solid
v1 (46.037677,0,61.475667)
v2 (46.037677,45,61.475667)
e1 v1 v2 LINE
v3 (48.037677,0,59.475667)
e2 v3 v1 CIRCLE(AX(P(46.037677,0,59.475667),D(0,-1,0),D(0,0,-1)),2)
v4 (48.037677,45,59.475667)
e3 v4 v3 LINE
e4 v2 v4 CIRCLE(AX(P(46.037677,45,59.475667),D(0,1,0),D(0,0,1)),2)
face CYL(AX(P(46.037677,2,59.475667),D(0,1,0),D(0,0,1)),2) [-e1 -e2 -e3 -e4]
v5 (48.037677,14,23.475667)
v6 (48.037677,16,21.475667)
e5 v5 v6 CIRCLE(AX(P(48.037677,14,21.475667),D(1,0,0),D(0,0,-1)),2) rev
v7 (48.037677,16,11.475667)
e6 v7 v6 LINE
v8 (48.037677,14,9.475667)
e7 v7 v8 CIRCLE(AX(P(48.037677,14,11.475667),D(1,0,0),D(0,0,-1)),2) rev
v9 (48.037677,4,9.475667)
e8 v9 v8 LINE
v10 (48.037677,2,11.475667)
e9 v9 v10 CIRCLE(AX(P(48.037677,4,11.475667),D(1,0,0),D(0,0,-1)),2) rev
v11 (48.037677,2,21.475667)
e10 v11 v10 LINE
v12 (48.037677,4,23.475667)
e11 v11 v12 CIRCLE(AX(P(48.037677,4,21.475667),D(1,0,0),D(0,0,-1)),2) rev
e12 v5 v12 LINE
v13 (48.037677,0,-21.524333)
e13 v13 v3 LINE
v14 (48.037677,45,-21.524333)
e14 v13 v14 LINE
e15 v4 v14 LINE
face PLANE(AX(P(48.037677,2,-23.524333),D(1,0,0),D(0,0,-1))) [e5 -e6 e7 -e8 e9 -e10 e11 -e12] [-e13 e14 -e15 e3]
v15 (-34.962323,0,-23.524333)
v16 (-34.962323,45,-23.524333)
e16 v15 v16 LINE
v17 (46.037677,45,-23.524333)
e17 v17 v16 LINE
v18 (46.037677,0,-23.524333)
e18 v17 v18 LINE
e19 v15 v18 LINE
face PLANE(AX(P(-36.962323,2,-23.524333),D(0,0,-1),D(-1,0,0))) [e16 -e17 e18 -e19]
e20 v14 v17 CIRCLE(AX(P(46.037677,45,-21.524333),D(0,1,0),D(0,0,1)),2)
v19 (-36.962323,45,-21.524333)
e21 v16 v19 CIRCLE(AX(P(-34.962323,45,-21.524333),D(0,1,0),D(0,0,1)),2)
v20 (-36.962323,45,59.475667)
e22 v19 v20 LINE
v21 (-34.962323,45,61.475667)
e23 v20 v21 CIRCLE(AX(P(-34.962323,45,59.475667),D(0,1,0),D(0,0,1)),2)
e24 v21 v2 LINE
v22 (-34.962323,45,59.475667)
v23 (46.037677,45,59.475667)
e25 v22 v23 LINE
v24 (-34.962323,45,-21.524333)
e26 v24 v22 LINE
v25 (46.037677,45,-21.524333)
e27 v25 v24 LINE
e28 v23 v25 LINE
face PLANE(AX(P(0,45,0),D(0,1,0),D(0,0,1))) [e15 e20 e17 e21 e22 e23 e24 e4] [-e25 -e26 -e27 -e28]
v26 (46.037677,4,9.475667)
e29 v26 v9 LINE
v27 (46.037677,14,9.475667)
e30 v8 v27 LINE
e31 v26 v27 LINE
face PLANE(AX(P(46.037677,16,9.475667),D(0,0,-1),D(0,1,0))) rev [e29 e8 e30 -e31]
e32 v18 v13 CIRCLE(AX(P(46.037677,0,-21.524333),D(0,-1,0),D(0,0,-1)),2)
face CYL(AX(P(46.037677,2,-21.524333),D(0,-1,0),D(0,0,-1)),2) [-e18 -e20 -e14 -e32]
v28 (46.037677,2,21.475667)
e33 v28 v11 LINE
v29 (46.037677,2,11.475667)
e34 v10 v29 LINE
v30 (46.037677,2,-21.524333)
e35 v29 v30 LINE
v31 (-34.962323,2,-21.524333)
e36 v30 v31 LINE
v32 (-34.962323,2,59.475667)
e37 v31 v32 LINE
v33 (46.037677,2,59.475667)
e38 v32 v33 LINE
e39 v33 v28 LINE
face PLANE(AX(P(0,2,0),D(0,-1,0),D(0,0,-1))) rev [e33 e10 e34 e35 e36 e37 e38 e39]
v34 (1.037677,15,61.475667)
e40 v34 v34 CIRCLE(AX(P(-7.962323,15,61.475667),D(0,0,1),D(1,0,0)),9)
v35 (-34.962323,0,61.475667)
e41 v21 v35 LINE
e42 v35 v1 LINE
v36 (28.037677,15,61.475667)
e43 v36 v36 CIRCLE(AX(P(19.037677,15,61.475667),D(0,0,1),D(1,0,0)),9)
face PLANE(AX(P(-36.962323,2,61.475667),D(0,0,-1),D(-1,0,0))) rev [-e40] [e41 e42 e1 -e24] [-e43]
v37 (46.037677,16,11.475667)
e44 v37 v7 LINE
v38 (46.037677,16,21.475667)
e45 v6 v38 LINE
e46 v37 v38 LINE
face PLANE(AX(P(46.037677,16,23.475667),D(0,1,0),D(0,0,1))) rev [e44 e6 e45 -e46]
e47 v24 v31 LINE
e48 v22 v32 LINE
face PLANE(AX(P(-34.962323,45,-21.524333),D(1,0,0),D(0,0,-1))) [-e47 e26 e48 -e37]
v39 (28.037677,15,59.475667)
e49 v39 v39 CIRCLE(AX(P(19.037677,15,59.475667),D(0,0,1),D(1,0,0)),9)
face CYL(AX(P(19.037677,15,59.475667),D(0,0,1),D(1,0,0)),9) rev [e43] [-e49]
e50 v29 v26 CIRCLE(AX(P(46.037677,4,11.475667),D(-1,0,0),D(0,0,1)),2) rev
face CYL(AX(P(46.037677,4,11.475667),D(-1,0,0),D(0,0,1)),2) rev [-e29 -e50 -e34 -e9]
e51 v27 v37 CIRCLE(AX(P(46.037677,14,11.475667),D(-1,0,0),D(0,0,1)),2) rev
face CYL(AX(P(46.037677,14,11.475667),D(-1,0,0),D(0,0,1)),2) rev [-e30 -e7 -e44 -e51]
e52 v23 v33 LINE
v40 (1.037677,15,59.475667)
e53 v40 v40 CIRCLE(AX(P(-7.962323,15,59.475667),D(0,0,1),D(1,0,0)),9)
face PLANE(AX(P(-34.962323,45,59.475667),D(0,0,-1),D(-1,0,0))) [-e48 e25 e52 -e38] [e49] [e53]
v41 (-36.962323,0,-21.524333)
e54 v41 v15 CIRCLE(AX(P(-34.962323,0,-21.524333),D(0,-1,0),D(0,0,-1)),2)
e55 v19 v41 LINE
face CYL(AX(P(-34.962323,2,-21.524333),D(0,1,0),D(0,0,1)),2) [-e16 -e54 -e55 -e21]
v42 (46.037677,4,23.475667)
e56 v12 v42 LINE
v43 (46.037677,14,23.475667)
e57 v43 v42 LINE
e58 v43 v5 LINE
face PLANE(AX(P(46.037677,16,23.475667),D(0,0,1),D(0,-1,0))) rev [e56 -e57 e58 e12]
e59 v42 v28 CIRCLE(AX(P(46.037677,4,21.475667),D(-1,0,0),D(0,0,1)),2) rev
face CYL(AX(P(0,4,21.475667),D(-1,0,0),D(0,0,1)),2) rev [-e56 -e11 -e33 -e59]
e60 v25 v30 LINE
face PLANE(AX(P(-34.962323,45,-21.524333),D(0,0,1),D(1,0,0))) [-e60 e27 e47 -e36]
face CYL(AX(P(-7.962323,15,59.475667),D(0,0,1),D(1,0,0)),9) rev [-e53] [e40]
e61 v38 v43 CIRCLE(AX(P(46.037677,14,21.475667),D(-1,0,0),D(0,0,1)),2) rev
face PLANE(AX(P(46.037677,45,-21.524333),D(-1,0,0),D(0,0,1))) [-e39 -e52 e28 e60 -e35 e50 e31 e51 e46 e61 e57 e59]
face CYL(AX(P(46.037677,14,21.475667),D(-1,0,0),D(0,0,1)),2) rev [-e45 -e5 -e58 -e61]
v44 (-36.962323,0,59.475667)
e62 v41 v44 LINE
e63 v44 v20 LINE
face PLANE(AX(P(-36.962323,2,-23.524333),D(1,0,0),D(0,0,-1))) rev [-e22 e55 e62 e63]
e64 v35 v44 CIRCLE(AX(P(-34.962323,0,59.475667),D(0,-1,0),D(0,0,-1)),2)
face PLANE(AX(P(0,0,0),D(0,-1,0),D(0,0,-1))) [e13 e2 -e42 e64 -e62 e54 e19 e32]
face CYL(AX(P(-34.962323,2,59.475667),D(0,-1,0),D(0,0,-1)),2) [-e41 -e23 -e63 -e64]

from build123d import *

# Parameters (mm, degrees)
SKETCH1_W           = 85
SKETCH1_H           = 85
BOSS_EXTRUDE1_DEPTH = 2
SKETCH2_W           = 85
SKETCH2_H           = 85
SKETCH2_W_2         = 81
SKETCH2_H_2         = 81
BOSS_EXTRUDE2_DEPTH = 43
SKETCH3_R           = 9
CUT_EXTRUDE1_DEPTH  = 2
SKETCH4_W           = 14
SKETCH4_H           = 14
CUT_EXTRUDE2_DEPTH  = 2
FILLET1_R           = 2


with BuildPart() as part:
    # Sketch1 → Boss-Extrude1 (new body)
    with BuildSketch(Plane(origin=(0, 0, 0), x_dir=(1, 0, 0), z_dir=(0, 1, 0))):
        with Locations((5.537676609, -18.97566719)):
            Rectangle(SKETCH1_W, SKETCH1_H)
    extrude(amount=BOSS_EXTRUDE1_DEPTH)

    # Sketch2 → Boss-Extrude2 (add)
    with BuildSketch(Plane(origin=(0, 2, 0), x_dir=(1, 0, 0), z_dir=(0, 1, 0))):
        with Locations((5.537676609, -18.97566719)):
            Rectangle(SKETCH2_W, SKETCH2_H)
        with Locations((5.537676609, -18.97566719)):
            Rectangle(SKETCH2_W_2, SKETCH2_H_2, mode=Mode.SUBTRACT)
    extrude(amount=BOSS_EXTRUDE2_DEPTH)

    # Sketch3 → Cut-Extrude1 (cut)
    with BuildSketch(Plane.XY.offset(61.47566719)):
        with Locations((-7.962323391, 15)):
            Circle(SKETCH3_R)
        with Locations((19.037676609, 15)):
            Circle(SKETCH3_R)
    extrude(amount=-CUT_EXTRUDE1_DEPTH, mode=Mode.SUBTRACT)

    # Sketch4 → Cut-Extrude2 (cut)
    with BuildSketch(Plane(origin=(48.037676609, 0, 0), x_dir=(0, 0, -1), z_dir=(1, 0, 0))):
        with Locations((-16.47566719, 9)):
            Rectangle(SKETCH4_W, SKETCH4_H)
    extrude(amount=-CUT_EXTRUDE2_DEPTH, mode=Mode.SUBTRACT)

    # Fillet1
    fillet1_edges = [part.edges().sort_by_distance(p)[0] for p in [
        (47.037676609, 2, 23.47566719),
        (47.037676609, 16, 23.47566719),
        (47.037676609, 16, 9.47566719),
        (47.037676609, 2, 9.47566719),
        (-36.962323391, 22.5, -23.52433281),
        (-36.962323391, 22.5, 61.47566719),
        (48.037676609, 22.5, 61.47566719),
        (48.037676609, 22.5, -23.52433281),
    ]]
    fillet(fillet1_edges, radius=FILLET1_R)


solid = part.part
